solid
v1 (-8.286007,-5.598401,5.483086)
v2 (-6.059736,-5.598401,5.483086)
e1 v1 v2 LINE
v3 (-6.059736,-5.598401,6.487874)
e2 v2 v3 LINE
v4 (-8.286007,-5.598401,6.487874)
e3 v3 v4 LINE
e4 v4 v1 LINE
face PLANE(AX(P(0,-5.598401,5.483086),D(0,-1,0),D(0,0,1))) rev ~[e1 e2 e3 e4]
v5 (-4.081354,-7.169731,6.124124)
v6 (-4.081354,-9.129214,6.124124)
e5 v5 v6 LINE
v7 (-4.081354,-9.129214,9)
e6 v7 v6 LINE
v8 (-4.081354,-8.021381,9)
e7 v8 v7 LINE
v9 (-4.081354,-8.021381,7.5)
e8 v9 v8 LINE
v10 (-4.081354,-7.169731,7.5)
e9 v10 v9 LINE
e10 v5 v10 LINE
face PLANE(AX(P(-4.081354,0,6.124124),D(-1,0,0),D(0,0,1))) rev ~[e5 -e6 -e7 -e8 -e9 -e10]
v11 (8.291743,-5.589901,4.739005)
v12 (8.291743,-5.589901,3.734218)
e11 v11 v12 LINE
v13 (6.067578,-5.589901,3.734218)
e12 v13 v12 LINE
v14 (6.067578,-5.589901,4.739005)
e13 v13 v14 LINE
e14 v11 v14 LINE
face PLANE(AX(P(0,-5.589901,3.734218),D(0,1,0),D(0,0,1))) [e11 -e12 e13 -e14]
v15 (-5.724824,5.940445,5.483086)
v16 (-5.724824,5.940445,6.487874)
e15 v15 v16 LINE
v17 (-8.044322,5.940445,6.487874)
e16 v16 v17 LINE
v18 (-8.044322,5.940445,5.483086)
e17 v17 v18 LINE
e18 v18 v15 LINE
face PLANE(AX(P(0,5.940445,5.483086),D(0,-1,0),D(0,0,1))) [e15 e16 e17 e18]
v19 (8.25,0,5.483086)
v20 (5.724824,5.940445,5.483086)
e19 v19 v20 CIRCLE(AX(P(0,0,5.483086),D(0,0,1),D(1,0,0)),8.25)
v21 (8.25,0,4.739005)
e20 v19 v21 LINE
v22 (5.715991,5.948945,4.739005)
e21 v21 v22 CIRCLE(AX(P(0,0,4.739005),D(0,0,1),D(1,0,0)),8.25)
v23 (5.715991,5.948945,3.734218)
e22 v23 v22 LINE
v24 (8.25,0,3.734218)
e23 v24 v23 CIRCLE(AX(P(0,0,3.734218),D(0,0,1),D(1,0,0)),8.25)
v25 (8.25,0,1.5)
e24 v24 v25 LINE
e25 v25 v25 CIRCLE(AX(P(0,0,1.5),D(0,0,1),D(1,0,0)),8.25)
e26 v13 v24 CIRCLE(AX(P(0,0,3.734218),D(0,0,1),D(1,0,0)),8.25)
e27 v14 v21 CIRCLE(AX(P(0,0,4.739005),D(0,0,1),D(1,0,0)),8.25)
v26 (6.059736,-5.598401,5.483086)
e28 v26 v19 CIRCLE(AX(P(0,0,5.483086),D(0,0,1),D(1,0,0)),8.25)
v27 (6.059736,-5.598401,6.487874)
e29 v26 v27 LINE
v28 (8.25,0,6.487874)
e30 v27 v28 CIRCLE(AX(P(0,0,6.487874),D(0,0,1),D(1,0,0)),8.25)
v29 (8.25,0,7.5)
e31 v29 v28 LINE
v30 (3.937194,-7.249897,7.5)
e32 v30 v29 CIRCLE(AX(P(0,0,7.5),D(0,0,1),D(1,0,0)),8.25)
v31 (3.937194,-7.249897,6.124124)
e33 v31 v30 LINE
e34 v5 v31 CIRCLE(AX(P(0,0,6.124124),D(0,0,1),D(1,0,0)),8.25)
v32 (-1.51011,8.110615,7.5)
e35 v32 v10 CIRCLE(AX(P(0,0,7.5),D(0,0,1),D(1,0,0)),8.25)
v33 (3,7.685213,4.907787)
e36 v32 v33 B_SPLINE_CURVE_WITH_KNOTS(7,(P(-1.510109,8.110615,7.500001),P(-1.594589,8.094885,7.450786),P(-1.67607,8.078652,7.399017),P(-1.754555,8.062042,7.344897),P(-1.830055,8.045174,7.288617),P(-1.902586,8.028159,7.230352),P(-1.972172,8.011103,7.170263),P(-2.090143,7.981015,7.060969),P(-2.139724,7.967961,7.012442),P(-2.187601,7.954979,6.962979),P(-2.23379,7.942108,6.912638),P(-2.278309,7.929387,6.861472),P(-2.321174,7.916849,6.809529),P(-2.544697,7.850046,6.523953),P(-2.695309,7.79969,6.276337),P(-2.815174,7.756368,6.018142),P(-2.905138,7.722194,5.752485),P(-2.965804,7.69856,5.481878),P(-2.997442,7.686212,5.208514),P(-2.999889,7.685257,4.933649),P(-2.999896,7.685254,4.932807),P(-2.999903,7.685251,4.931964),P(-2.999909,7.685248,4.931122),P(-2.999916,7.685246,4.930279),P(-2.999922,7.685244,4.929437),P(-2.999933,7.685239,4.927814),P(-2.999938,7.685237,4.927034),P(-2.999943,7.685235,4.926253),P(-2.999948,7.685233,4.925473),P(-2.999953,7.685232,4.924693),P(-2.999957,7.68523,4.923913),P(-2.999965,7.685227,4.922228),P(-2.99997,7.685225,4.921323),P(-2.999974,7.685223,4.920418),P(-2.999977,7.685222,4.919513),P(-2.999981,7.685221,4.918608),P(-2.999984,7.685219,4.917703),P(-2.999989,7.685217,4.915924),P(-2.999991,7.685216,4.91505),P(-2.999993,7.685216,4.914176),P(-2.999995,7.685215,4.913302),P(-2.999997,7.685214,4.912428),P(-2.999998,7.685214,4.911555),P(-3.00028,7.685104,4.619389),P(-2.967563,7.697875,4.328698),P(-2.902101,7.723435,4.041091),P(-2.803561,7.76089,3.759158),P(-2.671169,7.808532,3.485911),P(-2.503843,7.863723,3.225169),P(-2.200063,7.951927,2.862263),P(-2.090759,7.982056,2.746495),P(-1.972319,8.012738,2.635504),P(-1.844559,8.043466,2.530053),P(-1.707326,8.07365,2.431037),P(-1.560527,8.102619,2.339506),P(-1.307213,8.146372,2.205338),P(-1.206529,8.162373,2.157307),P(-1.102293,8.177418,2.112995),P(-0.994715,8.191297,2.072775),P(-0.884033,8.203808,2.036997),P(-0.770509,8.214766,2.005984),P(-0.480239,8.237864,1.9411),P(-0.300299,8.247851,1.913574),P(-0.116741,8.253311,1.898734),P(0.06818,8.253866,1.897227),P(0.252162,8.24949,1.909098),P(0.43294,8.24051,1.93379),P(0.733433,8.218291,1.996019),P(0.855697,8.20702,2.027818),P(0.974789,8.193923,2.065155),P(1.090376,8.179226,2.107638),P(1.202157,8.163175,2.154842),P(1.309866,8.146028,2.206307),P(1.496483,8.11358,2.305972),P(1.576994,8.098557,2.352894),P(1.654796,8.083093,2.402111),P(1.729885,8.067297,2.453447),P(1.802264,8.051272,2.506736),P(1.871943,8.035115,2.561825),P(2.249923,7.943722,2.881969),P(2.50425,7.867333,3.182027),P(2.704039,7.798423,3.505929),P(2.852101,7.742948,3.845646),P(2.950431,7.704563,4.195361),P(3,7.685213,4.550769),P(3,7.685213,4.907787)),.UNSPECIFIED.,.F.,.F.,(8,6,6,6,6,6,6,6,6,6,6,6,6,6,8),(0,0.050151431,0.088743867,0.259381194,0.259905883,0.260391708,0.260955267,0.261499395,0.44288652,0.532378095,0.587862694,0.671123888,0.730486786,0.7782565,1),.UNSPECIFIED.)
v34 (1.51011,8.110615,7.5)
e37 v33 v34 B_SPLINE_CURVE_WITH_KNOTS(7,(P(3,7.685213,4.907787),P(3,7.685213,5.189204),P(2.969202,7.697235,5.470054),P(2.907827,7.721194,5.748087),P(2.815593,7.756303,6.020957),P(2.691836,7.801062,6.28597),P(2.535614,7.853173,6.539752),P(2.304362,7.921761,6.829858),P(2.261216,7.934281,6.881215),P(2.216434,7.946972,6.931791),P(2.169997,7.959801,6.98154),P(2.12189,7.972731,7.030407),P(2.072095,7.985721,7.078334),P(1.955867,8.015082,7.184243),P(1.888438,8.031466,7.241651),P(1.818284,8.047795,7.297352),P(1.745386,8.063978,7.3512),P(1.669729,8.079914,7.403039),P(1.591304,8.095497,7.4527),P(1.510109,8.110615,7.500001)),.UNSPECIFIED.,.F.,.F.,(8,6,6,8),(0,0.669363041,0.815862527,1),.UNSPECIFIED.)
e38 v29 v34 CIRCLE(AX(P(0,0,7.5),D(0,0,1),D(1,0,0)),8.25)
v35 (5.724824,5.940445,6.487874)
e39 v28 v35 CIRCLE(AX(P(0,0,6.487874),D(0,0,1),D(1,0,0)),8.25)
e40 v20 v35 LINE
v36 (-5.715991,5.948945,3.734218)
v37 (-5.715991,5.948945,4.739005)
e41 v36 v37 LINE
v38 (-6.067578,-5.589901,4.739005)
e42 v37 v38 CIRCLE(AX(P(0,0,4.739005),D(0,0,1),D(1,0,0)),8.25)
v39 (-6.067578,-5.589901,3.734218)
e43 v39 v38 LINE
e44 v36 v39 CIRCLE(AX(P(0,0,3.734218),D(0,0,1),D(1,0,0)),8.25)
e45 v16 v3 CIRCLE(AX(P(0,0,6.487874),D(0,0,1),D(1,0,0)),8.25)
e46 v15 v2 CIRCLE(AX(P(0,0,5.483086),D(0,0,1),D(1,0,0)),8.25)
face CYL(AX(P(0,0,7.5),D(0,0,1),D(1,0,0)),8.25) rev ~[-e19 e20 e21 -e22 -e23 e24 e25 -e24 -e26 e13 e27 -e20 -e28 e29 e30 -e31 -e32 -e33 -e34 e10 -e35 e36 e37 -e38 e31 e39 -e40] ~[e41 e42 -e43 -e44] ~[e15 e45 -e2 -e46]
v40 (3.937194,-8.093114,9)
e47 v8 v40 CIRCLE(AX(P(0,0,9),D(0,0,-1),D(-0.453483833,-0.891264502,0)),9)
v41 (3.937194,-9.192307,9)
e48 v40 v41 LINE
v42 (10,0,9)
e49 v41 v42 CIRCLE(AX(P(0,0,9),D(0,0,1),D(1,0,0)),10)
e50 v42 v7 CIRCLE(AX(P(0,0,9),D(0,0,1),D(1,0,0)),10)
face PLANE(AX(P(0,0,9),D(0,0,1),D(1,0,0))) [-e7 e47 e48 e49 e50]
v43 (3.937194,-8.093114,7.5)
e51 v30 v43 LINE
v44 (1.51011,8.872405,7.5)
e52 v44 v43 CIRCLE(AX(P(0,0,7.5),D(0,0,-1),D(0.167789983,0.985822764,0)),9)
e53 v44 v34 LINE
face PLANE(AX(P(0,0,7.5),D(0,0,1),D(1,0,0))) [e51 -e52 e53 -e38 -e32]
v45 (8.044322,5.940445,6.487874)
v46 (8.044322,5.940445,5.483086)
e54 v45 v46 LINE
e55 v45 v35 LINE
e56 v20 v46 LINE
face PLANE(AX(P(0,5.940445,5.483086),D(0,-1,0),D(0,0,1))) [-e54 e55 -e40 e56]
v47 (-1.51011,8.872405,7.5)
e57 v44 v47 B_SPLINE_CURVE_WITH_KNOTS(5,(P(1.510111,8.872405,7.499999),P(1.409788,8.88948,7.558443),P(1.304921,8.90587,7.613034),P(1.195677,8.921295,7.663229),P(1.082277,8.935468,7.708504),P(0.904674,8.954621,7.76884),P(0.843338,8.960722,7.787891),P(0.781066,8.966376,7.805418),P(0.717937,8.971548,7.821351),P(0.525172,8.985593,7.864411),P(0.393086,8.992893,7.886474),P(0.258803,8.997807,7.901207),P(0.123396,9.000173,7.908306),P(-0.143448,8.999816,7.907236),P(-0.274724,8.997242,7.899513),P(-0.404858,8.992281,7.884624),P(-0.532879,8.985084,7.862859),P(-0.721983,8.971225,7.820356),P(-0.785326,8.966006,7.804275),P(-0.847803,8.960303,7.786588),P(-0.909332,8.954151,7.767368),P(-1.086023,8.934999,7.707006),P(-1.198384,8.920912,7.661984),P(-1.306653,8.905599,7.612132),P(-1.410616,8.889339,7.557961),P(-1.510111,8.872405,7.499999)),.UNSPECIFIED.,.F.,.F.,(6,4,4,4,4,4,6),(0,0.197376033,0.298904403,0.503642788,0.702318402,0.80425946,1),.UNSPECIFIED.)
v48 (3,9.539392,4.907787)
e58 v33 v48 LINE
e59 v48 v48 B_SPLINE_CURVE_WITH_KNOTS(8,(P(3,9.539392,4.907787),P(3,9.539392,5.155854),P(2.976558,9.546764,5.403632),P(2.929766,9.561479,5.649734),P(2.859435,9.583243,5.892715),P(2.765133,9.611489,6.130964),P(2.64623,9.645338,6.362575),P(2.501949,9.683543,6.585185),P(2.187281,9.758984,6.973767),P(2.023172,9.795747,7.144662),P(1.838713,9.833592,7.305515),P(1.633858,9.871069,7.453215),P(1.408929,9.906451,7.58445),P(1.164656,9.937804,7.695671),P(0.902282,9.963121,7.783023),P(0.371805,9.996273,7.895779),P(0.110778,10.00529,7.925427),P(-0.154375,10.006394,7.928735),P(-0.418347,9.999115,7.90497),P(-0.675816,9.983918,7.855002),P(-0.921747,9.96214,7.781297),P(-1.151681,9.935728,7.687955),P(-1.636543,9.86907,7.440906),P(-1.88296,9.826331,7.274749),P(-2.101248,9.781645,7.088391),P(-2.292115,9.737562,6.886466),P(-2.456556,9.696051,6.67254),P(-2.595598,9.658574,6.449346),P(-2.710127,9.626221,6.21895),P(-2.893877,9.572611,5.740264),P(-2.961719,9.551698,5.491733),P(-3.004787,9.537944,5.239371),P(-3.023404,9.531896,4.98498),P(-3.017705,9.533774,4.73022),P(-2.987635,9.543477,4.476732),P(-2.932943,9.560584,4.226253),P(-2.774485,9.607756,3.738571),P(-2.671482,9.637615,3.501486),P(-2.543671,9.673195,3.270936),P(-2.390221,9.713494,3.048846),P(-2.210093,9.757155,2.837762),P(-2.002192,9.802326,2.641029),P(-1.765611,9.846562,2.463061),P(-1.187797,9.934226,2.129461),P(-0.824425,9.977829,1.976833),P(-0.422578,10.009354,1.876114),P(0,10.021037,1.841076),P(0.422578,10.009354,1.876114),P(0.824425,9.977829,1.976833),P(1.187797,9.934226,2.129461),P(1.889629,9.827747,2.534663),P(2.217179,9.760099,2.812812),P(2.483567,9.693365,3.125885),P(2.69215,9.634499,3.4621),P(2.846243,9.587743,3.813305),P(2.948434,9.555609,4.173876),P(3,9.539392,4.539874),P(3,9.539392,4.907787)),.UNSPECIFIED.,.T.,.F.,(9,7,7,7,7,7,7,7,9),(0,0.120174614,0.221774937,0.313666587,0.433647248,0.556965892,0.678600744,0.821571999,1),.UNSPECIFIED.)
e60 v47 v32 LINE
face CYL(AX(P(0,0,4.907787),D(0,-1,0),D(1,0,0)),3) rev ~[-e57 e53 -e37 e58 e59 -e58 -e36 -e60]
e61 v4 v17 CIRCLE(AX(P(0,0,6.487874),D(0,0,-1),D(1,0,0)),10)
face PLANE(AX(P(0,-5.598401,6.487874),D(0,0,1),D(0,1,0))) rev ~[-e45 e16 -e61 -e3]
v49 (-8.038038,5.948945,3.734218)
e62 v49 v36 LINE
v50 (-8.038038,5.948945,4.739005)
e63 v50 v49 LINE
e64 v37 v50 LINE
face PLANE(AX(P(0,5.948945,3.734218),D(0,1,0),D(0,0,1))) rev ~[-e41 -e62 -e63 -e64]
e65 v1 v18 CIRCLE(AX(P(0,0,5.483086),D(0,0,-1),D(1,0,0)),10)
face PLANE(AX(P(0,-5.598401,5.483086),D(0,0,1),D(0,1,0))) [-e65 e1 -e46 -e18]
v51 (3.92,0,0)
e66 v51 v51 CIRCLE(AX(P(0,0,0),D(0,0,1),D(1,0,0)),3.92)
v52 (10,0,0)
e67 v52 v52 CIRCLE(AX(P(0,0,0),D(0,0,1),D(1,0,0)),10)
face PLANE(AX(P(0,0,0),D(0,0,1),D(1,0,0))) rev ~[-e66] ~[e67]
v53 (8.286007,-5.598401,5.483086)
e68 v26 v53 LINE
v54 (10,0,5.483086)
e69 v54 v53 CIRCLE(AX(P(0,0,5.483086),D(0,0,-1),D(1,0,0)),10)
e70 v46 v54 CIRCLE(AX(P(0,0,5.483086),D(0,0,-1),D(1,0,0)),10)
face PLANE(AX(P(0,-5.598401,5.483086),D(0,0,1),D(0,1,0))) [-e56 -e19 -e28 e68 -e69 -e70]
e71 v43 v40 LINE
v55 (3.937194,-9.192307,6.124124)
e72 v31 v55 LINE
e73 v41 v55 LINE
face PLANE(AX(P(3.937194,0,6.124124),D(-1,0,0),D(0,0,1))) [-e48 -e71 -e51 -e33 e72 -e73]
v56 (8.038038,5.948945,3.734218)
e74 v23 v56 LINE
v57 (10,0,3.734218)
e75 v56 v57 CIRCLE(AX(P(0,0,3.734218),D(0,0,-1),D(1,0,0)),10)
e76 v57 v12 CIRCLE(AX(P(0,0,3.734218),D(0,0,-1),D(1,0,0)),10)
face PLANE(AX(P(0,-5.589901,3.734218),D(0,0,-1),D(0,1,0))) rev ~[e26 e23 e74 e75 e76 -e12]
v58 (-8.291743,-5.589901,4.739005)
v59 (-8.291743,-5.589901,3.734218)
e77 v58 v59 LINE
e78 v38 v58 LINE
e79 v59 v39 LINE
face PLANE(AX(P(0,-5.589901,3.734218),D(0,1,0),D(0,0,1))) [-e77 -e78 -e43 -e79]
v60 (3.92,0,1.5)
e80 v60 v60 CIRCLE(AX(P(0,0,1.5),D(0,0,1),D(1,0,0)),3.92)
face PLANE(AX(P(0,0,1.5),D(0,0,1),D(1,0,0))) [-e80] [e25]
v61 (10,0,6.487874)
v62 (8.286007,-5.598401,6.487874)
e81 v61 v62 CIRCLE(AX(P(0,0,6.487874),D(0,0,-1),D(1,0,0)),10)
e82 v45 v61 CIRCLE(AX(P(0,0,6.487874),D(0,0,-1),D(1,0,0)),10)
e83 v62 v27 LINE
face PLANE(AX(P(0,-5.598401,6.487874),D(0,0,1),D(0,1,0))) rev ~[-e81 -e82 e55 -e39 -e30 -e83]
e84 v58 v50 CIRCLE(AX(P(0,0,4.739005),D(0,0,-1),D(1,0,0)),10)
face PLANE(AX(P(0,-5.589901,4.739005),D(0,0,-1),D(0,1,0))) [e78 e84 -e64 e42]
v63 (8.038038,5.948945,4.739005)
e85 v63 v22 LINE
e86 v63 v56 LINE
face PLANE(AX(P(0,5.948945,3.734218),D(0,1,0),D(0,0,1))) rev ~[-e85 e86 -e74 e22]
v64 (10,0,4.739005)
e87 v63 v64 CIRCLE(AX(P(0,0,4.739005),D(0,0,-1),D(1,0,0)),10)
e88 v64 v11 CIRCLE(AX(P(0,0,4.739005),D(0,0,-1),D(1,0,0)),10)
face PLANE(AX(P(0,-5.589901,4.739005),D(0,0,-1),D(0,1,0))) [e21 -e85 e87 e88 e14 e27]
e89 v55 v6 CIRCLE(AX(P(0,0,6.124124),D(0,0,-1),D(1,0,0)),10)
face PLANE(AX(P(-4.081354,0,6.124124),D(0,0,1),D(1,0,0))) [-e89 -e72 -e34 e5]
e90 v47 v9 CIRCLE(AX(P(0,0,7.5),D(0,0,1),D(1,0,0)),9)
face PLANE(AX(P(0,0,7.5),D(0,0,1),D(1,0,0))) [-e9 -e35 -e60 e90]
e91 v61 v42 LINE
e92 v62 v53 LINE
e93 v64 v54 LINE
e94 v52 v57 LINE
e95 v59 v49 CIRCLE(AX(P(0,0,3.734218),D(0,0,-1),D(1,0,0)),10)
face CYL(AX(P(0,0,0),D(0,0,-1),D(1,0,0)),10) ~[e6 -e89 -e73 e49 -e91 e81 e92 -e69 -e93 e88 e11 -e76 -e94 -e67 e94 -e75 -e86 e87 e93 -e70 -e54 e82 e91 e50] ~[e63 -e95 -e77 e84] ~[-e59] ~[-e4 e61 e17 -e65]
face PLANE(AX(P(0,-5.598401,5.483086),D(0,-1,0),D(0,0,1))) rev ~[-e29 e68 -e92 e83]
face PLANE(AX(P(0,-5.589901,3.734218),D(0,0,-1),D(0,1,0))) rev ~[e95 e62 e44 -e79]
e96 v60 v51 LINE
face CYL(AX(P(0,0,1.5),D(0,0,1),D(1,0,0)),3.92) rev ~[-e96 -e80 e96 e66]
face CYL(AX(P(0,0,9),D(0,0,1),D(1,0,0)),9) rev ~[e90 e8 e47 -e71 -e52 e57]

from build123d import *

# Parameters (mm, degrees)
F0_R      = 10
F1_DEPTH  = 9
F2_R      = 9
F3_DEPTH  = 1.5
F4_R      = 8.25
F5_DEPTH  = 6
F6_R      = 3.92
F7_DEPTH  = 1.501
F8_R      = 3
F9_DEPTH  = 10.001
F10_W     = 8.018549
F10_H     = 2.886699
F11_DEPTH = 25
F12_W     = 11.538846
F12_H     = 1.004787
F13_DEPTH = 25


with BuildPart() as f1:
    # F0 (on Top) → F1 (new body)
    with BuildSketch(Plane.XY):
        Circle(F0_R)
    extrude(amount=F1_DEPTH)

    # F2 (on face) → F3 (cut)
    with BuildSketch(Plane.XY.offset(9)):
        Circle(F2_R)
    extrude(amount=-F3_DEPTH, mode=Mode.SUBTRACT)

    # F4 (on face) → F5 (cut)
    with BuildSketch(Plane.XY.offset(7.5)):
        Circle(F4_R)
    extrude(amount=-F5_DEPTH, mode=Mode.SUBTRACT)

    # F6 (on face) → F7 (cut, through all)
    with BuildSketch(Plane.XY.offset(1.5)):
        Circle(F6_R)
    extrude(amount=-F7_DEPTH, mode=Mode.SUBTRACT)

    # F8 (on Front) → F9 (cut, through all)
    with BuildSketch(Plane.XZ):
        with Locations((0, 4.907787)):
            Circle(F8_R)
    extrude(amount=-F9_DEPTH, mode=Mode.SUBTRACT)

    # F10 (on Front) → F11 (cut)
    with BuildSketch(Plane.XZ):
        with Locations((-0.07208, 7.567474)):
            Rectangle(F10_W, F10_H)
    extrude(amount=F11_DEPTH, mode=Mode.SUBTRACT)

    # F12 (on Right) → F13 (cut, symmetric)
    with BuildSketch(Plane.YZ):
        with Locations((0.171022, 5.98548)):
            Rectangle(F12_W, F12_H)
        with Locations((0.179522, 4.236611)):
            Rectangle(F12_W, F12_H)
    extrude(amount=F13_DEPTH, both=True, mode=Mode.SUBTRACT)


solid = f1.part
